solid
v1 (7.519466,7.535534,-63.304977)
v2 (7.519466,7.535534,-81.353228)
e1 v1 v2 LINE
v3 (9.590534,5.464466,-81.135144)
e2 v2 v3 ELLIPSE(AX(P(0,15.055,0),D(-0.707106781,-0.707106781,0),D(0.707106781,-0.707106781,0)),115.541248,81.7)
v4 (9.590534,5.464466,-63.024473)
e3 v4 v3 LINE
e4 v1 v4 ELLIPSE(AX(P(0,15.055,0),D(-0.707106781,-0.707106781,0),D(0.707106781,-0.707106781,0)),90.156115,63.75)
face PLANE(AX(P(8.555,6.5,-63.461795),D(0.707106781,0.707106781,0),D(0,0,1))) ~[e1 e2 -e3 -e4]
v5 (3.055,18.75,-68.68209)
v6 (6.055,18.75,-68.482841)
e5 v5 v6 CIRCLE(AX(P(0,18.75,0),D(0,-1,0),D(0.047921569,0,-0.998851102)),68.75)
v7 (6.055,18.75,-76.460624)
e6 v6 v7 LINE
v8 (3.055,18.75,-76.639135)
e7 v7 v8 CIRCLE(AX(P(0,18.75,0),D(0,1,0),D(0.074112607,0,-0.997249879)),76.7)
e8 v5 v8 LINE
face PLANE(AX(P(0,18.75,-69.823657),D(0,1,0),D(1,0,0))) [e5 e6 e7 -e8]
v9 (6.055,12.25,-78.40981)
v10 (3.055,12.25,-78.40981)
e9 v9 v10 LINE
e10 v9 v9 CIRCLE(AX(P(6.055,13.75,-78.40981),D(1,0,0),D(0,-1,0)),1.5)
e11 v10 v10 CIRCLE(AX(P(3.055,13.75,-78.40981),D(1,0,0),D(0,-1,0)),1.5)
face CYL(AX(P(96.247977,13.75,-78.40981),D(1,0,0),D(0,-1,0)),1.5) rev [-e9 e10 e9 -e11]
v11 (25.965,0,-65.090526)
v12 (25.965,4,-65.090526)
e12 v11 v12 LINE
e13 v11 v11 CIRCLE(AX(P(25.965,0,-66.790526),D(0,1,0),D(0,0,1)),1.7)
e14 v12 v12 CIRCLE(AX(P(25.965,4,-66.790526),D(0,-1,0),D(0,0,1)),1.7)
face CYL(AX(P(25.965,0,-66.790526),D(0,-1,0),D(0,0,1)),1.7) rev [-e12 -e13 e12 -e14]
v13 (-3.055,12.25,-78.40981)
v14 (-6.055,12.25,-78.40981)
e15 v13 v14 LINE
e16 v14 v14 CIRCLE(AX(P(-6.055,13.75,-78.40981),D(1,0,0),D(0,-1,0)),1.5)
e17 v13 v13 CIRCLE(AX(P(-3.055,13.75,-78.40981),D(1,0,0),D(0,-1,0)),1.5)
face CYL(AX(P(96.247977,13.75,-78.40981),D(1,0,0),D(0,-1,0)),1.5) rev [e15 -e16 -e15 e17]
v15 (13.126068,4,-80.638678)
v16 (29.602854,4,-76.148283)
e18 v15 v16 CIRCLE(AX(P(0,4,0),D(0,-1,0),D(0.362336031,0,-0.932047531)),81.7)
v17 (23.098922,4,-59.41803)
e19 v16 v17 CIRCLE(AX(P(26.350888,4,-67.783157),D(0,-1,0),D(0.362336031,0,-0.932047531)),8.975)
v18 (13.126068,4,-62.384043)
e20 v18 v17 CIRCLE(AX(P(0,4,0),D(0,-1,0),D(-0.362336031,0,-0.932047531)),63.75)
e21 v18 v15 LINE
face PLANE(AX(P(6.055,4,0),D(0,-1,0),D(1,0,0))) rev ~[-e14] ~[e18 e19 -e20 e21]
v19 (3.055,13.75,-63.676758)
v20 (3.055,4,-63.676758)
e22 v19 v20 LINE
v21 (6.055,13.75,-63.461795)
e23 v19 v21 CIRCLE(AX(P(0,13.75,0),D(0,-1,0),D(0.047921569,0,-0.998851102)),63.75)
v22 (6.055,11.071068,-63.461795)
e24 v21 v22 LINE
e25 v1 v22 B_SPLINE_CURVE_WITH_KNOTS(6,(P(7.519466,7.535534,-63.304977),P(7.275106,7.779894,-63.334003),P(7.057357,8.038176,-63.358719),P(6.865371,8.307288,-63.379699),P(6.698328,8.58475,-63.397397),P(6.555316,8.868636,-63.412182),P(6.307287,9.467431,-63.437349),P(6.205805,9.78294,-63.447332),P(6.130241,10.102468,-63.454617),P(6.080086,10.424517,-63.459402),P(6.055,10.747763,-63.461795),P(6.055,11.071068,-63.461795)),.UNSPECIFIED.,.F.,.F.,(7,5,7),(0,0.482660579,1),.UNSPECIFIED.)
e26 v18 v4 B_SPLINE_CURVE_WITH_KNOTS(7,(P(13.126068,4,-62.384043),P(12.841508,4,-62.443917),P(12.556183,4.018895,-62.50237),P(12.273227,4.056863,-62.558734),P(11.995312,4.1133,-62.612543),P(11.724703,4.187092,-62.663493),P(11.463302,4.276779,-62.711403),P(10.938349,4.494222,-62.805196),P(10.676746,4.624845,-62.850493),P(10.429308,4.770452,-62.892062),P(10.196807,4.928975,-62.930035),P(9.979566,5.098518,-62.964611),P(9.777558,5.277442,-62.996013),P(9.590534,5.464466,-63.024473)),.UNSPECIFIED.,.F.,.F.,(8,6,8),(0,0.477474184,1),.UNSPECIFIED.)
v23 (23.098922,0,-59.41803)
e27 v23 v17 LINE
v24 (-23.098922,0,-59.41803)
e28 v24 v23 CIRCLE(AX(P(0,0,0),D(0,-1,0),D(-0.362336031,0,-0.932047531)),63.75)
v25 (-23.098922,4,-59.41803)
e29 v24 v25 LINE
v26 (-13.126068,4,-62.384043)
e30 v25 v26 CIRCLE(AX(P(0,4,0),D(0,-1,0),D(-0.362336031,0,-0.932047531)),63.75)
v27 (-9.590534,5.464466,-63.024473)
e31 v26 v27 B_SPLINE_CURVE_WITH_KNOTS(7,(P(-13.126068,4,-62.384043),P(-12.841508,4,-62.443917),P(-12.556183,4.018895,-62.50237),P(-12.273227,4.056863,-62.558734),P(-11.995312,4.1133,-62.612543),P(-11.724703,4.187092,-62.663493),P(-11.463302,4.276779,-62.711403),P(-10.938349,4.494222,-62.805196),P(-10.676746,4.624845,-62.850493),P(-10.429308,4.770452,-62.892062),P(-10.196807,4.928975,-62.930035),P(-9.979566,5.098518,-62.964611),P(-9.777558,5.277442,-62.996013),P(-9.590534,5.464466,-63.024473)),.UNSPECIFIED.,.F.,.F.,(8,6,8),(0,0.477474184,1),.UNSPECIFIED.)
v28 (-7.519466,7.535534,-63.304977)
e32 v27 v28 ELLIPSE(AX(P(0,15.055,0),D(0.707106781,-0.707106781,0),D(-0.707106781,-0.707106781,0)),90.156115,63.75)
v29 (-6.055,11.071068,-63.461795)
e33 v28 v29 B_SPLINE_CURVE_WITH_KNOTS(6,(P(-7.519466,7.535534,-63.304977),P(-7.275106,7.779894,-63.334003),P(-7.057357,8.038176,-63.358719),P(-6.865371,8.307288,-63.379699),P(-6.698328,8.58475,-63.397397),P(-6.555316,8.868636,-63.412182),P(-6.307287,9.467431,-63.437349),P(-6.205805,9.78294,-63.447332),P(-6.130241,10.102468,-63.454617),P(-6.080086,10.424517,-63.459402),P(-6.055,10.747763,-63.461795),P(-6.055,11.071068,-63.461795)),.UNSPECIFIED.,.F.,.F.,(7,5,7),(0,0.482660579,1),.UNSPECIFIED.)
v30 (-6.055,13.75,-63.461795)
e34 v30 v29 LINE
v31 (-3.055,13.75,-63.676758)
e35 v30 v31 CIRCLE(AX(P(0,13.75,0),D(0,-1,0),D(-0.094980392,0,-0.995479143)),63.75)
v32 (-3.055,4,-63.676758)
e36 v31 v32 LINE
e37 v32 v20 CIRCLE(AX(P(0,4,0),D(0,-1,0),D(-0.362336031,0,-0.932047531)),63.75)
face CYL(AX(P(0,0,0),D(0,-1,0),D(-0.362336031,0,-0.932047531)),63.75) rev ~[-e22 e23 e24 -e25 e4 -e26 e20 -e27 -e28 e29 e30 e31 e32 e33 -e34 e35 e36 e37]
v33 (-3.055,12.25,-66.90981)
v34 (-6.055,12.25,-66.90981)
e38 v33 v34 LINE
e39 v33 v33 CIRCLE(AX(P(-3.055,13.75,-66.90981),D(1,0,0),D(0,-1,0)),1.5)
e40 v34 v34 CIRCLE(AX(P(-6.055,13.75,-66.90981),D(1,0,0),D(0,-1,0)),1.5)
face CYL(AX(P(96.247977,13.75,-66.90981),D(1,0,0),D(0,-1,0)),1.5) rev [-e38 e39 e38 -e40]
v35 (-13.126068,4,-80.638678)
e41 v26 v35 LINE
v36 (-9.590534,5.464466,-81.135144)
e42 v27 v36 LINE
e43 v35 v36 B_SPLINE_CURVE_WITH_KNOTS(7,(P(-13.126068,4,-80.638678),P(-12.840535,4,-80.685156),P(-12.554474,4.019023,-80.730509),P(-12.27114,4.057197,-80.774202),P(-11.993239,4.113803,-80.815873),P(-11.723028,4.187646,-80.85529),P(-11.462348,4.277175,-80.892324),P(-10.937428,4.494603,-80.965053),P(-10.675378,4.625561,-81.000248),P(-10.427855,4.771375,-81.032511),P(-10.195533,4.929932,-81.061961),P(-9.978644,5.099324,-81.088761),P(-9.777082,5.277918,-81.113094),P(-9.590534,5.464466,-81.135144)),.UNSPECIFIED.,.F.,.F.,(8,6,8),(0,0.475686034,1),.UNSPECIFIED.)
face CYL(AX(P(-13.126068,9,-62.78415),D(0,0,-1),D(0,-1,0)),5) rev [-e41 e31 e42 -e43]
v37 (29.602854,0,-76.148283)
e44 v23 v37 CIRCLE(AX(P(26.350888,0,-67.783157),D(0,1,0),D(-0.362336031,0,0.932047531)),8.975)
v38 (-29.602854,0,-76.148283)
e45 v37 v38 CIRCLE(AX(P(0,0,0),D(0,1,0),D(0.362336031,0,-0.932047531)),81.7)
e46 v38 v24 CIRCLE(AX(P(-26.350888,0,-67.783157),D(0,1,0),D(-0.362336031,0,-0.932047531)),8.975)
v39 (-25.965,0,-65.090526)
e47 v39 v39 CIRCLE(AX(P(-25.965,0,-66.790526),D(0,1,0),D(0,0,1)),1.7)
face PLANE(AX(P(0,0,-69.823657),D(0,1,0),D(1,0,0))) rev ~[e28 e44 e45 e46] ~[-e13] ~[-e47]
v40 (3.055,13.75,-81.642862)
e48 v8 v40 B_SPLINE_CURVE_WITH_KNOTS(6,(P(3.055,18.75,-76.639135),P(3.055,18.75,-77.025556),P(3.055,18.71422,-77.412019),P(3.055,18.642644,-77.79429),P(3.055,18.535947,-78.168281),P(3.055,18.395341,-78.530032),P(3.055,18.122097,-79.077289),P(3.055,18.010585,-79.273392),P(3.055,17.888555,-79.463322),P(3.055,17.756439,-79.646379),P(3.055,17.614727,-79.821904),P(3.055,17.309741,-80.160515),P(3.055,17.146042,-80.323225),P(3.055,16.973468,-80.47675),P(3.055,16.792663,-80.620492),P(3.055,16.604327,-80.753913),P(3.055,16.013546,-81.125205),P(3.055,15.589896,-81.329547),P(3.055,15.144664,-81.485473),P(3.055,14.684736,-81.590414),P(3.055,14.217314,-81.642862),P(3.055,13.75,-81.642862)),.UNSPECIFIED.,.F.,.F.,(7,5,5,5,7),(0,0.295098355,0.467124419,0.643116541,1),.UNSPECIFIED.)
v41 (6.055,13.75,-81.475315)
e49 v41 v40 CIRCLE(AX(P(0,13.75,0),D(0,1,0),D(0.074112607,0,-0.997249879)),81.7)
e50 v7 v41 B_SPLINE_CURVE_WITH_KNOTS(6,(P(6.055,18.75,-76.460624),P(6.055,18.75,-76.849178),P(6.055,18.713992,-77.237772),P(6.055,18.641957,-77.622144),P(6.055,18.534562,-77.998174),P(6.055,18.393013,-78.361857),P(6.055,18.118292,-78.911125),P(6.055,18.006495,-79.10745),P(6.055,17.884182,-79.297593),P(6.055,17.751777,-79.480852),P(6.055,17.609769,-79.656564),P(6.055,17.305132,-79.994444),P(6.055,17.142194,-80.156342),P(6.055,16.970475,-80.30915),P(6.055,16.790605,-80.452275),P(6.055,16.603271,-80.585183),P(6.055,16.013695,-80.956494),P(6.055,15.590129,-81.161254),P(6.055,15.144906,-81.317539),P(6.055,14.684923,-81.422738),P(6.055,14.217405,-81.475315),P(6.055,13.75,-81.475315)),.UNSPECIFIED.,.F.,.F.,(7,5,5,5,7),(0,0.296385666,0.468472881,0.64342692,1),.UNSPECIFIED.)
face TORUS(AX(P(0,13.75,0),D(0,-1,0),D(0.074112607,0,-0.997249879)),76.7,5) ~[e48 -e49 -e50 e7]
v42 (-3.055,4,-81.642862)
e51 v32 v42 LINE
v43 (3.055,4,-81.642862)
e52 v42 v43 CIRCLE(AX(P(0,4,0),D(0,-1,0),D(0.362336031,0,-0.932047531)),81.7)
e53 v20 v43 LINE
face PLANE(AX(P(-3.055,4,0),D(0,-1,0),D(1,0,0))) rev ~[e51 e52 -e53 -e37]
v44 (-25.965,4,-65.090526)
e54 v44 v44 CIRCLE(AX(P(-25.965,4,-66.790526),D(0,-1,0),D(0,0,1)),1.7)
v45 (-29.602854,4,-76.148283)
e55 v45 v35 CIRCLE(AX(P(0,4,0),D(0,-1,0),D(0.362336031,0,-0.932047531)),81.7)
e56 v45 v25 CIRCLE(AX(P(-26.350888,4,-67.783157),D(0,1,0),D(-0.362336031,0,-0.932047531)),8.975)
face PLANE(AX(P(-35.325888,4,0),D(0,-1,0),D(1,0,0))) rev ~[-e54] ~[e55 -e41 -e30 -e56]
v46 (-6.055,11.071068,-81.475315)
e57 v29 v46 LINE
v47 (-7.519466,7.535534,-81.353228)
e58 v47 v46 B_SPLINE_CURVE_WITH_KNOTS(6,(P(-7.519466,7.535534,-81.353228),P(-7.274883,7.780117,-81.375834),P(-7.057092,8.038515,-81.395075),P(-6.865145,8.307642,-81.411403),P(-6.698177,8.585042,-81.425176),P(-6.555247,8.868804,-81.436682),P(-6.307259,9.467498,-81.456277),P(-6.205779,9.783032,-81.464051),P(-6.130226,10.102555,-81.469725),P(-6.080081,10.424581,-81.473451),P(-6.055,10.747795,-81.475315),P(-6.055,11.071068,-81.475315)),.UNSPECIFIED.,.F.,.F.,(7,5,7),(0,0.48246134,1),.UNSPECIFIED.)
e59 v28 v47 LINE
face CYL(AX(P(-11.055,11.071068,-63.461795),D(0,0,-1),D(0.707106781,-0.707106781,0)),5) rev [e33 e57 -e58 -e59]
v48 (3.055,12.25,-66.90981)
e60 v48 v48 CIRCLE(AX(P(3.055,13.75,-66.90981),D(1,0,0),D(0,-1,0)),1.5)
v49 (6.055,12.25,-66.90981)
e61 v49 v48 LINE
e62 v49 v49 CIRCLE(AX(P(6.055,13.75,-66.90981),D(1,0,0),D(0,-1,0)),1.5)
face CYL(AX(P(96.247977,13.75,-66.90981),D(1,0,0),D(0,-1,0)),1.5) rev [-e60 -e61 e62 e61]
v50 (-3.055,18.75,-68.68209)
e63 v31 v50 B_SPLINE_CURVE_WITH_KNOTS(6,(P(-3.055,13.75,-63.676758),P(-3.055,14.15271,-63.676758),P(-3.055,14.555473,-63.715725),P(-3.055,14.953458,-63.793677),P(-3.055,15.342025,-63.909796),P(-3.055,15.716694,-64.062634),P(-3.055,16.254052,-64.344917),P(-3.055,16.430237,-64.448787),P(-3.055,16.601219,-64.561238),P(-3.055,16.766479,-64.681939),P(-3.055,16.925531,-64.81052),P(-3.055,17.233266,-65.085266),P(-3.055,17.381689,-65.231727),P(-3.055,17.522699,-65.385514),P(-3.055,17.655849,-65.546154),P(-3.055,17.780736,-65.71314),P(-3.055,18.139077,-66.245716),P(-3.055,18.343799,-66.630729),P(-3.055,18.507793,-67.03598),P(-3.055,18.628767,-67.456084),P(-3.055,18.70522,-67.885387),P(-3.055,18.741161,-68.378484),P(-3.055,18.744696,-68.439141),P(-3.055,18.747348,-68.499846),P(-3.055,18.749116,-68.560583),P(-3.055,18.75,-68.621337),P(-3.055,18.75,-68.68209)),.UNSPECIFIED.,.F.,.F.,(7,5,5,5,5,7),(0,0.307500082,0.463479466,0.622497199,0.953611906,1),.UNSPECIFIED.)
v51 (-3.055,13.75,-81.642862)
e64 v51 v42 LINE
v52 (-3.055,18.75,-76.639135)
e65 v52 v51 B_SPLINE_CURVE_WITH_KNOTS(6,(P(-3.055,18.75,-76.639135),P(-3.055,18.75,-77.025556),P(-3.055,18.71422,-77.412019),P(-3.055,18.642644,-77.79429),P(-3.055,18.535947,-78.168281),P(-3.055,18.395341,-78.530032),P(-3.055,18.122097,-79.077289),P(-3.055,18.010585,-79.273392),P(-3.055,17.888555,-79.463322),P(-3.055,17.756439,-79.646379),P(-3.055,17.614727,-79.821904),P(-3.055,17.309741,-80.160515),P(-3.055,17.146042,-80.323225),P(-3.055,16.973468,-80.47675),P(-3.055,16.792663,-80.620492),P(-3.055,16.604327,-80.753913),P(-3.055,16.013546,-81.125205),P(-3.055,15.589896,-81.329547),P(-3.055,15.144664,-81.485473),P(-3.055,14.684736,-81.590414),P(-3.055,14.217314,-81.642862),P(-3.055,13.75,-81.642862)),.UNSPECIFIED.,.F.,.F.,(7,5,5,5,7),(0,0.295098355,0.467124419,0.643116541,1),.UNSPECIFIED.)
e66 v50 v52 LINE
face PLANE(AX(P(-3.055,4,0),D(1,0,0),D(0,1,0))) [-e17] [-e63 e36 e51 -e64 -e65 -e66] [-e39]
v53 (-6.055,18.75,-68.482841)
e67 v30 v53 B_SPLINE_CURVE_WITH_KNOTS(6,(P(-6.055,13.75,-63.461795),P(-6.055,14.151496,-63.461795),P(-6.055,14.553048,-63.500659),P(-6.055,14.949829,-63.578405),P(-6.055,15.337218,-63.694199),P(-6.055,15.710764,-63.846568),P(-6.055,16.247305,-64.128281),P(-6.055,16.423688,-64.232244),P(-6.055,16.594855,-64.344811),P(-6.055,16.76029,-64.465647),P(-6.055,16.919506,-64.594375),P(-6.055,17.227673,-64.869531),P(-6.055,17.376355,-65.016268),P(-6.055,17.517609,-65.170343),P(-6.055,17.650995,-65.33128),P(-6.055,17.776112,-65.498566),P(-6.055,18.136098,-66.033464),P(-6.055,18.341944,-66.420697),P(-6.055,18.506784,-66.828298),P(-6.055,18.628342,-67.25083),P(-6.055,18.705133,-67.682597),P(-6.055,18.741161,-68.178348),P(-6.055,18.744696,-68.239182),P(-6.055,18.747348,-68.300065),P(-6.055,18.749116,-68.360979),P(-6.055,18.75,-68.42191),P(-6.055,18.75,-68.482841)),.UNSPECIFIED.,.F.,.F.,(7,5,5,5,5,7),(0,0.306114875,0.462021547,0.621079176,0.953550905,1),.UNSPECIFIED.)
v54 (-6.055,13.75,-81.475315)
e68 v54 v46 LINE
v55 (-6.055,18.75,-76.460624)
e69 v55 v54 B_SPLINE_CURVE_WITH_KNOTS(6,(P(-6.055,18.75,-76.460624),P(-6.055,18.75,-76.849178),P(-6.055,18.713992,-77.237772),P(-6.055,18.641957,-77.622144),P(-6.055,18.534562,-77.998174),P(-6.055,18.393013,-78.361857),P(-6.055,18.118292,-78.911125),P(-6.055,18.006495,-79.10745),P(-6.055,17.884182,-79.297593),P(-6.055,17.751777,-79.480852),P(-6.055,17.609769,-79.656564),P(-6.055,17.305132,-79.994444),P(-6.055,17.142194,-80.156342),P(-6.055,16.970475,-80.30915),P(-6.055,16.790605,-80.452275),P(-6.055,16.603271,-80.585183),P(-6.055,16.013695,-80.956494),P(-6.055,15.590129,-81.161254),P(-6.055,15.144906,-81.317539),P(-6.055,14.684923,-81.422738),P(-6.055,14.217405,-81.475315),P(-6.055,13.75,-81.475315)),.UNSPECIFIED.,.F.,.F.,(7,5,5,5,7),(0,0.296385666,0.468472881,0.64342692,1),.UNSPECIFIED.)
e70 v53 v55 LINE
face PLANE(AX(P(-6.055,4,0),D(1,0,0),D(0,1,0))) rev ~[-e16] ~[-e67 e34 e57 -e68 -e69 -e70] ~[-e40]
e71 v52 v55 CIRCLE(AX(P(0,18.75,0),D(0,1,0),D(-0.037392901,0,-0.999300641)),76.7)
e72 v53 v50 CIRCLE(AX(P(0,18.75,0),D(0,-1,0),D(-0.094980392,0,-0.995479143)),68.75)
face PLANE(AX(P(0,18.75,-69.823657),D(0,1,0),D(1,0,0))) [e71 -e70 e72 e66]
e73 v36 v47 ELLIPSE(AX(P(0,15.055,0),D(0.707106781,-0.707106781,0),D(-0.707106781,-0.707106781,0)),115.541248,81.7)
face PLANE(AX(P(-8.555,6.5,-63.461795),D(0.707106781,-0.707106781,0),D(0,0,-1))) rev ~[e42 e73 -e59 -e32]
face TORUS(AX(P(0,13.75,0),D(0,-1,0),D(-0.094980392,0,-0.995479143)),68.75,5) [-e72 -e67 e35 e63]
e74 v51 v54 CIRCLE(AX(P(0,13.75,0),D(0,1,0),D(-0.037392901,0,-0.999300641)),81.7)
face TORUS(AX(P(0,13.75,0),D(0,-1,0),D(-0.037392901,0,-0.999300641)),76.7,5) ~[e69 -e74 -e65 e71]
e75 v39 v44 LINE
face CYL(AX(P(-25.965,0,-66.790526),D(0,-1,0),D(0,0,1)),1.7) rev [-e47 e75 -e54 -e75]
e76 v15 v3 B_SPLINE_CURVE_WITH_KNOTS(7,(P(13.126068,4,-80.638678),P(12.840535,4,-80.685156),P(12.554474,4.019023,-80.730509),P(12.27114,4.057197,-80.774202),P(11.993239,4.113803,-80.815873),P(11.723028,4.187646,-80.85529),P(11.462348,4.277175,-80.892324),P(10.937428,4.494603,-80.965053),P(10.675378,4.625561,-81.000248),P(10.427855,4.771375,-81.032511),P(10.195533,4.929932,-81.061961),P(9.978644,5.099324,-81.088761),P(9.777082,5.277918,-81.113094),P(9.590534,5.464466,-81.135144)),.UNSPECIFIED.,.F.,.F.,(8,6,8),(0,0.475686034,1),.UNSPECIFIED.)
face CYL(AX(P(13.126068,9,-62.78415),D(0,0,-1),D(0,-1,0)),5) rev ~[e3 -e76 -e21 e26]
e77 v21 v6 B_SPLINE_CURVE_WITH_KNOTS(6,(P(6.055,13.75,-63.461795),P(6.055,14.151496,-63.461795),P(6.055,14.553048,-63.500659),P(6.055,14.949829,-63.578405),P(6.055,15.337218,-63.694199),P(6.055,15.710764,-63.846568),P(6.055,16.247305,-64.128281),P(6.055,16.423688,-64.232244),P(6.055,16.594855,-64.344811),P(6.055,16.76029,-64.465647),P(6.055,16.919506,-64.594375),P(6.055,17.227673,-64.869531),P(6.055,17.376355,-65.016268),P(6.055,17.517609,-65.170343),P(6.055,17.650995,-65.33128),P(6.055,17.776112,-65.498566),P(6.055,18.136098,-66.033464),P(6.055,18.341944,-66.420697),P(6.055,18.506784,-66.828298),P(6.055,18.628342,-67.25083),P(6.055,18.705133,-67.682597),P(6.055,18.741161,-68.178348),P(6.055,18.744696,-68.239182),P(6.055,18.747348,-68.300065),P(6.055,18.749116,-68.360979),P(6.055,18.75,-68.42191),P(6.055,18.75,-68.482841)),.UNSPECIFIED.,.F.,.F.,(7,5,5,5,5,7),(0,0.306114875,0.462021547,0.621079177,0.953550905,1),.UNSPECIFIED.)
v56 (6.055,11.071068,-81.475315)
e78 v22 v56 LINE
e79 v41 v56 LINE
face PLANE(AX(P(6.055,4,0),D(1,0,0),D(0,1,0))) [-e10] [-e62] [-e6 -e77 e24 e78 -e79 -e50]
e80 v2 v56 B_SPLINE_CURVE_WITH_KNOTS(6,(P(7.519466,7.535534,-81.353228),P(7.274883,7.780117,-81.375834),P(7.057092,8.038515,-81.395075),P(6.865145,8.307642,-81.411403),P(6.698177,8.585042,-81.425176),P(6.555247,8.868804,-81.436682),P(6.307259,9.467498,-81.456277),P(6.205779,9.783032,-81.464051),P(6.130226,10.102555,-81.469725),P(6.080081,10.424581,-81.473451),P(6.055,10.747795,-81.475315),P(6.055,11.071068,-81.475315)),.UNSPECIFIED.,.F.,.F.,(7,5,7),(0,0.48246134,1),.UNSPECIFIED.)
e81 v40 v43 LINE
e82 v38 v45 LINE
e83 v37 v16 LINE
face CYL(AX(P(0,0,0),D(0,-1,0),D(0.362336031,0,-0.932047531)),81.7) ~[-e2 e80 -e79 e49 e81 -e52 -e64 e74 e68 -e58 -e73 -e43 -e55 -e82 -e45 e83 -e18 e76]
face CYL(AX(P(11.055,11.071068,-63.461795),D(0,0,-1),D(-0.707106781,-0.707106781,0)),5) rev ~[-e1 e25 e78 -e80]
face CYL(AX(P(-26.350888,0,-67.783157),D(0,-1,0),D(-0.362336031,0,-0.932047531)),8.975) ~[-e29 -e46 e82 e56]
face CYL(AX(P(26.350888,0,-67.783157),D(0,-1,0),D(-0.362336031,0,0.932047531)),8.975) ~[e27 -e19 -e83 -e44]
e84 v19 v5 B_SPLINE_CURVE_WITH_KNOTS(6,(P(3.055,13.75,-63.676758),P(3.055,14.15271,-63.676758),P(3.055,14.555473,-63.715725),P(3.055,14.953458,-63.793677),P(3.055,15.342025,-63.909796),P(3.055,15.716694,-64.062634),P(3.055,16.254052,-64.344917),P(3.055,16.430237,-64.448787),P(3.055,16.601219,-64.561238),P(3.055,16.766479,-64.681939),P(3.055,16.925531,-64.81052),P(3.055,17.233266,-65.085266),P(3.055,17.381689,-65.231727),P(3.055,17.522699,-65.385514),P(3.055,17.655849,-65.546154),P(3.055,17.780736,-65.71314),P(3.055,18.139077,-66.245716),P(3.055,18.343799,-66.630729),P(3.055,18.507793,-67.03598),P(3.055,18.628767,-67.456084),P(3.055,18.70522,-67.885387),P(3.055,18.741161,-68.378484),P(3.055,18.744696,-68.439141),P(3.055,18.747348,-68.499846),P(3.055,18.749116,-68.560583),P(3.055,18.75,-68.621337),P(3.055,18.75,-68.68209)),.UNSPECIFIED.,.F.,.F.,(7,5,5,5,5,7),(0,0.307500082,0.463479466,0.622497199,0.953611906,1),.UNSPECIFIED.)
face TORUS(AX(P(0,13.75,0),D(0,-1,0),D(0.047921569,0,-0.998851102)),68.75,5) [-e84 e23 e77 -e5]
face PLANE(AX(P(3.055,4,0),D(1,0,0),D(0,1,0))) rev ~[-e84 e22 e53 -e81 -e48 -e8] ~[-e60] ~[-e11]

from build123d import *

# Parameters (mm, degrees)
SKETCH1_R               = 1.7
BOSS_EXTRUDE1_DEPTH     = 18.75
SKETCH2_W               = 29.270887873
SKETCH2_H               = 14.75
SKETCH2_W_2             = 6.11
CUT_EXTRUDE1_DEPTH      = 91.963568829
CHAMFER1_SIZE           = 5
FILLET1_R               = 5
CUT_EXTRUDE2_DEPTH      = 93.192977357
CUT_EXTRUDE2_DEPTH_BACK = 93.192977357
SKETCH4_R               = 1.5
FILLET2_R               = 5


with BuildPart() as part:
    # Sketch1 → Boss-Extrude1 (new body)
    with BuildSketch(Plane(origin=(0, 0, 0), x_dir=(1, 0, 0), z_dir=(0, 1, 0))):
        with BuildLine():
            ThreePointArc((-23.098921993, 59.418030115), (0, 63.75), (23.098921993, 59.418030115))
            ThreePointArc((23.098921993, 59.418030115), (34.716014466, 64.531190827), (29.602853754, 76.148283301))
            ThreePointArc((29.602853754, 76.148283301), (0, 81.7), (-29.602853754, 76.148283301))
            ThreePointArc((-29.602853754, 76.148283301), (-34.716014466, 64.531190827), (-23.098921993, 59.418030115))
        make_face()
        with Locations(Location((-25.965, 66.790526087, 0), (0, 0, 270))):
            Circle(SKETCH1_R, mode=Mode.SUBTRACT)
        with Locations(Location((25.965, 66.790526087, 0), (0, 0, 270))):
            Circle(SKETCH1_R, mode=Mode.SUBTRACT)
    extrude(amount=BOSS_EXTRUDE1_DEPTH)

    # Sketch2 → Cut-Extrude1 (cut, through all)
    with BuildSketch(Plane.XY):
        with Locations((-20.690443936, 11.375)):
            Rectangle(SKETCH2_W, SKETCH2_H)
        with Locations((20.690443936, 11.375)):
            Rectangle(SKETCH2_W, SKETCH2_H)
        with Locations((0, 11.375)):
            Rectangle(SKETCH2_W_2, SKETCH2_H)
    extrude(amount=-CUT_EXTRUDE1_DEPTH, mode=Mode.SUBTRACT)

    # Chamfer1
    chamfer1_edges = [part.edges().sort_by_distance(p)[0] for p in [
        (-6.055, 4, -72.468555262),
        (6.055, 4, -72.468555262),
    ]]
    chamfer(chamfer1_edges, length=CHAMFER1_SIZE)

    # Fillet1
    fillet1_edges = [part.edges().sort_by_distance(p)[0] for p in [
        (11.055, 4, -71.866378435),
        (6.055, 9, -72.468555262),
        (-11.055, 4, -71.866378435),
        (-6.055, 9, -72.468555262),
    ]]
    fillet(fillet1_edges, radius=FILLET1_R)

    # Sketch4 → Cut-Extrude2 (cut, two sides: drawn at the far end of the back side and taken through both)
    with BuildSketch(Plane.ZY.offset(-3.055).offset(-CUT_EXTRUDE2_DEPTH_BACK)):
        with Locations(Location((-78.409810047, 13.75, 0), (0, 0, 270))):
            Circle(SKETCH4_R)
        with Locations(Location((-66.909810047, 13.75, 0), (0, 0, 270))):
            Circle(SKETCH4_R)
    extrude(amount=CUT_EXTRUDE2_DEPTH + CUT_EXTRUDE2_DEPTH_BACK, mode=Mode.SUBTRACT)

    # Fillet2
    fillet2_edges = [part.edges().sort_by_distance(p)[0] for p in [
        (4.555770299, 18.75, -81.57288126),
        (-4.555770299, 18.75, -81.57288126),
        (-4.556267903, 18.75, -63.586971329),
        (4.556267903, 18.75, -63.586971329),
    ]]
    fillet(fillet2_edges, radius=FILLET2_R)


solid = part.part
